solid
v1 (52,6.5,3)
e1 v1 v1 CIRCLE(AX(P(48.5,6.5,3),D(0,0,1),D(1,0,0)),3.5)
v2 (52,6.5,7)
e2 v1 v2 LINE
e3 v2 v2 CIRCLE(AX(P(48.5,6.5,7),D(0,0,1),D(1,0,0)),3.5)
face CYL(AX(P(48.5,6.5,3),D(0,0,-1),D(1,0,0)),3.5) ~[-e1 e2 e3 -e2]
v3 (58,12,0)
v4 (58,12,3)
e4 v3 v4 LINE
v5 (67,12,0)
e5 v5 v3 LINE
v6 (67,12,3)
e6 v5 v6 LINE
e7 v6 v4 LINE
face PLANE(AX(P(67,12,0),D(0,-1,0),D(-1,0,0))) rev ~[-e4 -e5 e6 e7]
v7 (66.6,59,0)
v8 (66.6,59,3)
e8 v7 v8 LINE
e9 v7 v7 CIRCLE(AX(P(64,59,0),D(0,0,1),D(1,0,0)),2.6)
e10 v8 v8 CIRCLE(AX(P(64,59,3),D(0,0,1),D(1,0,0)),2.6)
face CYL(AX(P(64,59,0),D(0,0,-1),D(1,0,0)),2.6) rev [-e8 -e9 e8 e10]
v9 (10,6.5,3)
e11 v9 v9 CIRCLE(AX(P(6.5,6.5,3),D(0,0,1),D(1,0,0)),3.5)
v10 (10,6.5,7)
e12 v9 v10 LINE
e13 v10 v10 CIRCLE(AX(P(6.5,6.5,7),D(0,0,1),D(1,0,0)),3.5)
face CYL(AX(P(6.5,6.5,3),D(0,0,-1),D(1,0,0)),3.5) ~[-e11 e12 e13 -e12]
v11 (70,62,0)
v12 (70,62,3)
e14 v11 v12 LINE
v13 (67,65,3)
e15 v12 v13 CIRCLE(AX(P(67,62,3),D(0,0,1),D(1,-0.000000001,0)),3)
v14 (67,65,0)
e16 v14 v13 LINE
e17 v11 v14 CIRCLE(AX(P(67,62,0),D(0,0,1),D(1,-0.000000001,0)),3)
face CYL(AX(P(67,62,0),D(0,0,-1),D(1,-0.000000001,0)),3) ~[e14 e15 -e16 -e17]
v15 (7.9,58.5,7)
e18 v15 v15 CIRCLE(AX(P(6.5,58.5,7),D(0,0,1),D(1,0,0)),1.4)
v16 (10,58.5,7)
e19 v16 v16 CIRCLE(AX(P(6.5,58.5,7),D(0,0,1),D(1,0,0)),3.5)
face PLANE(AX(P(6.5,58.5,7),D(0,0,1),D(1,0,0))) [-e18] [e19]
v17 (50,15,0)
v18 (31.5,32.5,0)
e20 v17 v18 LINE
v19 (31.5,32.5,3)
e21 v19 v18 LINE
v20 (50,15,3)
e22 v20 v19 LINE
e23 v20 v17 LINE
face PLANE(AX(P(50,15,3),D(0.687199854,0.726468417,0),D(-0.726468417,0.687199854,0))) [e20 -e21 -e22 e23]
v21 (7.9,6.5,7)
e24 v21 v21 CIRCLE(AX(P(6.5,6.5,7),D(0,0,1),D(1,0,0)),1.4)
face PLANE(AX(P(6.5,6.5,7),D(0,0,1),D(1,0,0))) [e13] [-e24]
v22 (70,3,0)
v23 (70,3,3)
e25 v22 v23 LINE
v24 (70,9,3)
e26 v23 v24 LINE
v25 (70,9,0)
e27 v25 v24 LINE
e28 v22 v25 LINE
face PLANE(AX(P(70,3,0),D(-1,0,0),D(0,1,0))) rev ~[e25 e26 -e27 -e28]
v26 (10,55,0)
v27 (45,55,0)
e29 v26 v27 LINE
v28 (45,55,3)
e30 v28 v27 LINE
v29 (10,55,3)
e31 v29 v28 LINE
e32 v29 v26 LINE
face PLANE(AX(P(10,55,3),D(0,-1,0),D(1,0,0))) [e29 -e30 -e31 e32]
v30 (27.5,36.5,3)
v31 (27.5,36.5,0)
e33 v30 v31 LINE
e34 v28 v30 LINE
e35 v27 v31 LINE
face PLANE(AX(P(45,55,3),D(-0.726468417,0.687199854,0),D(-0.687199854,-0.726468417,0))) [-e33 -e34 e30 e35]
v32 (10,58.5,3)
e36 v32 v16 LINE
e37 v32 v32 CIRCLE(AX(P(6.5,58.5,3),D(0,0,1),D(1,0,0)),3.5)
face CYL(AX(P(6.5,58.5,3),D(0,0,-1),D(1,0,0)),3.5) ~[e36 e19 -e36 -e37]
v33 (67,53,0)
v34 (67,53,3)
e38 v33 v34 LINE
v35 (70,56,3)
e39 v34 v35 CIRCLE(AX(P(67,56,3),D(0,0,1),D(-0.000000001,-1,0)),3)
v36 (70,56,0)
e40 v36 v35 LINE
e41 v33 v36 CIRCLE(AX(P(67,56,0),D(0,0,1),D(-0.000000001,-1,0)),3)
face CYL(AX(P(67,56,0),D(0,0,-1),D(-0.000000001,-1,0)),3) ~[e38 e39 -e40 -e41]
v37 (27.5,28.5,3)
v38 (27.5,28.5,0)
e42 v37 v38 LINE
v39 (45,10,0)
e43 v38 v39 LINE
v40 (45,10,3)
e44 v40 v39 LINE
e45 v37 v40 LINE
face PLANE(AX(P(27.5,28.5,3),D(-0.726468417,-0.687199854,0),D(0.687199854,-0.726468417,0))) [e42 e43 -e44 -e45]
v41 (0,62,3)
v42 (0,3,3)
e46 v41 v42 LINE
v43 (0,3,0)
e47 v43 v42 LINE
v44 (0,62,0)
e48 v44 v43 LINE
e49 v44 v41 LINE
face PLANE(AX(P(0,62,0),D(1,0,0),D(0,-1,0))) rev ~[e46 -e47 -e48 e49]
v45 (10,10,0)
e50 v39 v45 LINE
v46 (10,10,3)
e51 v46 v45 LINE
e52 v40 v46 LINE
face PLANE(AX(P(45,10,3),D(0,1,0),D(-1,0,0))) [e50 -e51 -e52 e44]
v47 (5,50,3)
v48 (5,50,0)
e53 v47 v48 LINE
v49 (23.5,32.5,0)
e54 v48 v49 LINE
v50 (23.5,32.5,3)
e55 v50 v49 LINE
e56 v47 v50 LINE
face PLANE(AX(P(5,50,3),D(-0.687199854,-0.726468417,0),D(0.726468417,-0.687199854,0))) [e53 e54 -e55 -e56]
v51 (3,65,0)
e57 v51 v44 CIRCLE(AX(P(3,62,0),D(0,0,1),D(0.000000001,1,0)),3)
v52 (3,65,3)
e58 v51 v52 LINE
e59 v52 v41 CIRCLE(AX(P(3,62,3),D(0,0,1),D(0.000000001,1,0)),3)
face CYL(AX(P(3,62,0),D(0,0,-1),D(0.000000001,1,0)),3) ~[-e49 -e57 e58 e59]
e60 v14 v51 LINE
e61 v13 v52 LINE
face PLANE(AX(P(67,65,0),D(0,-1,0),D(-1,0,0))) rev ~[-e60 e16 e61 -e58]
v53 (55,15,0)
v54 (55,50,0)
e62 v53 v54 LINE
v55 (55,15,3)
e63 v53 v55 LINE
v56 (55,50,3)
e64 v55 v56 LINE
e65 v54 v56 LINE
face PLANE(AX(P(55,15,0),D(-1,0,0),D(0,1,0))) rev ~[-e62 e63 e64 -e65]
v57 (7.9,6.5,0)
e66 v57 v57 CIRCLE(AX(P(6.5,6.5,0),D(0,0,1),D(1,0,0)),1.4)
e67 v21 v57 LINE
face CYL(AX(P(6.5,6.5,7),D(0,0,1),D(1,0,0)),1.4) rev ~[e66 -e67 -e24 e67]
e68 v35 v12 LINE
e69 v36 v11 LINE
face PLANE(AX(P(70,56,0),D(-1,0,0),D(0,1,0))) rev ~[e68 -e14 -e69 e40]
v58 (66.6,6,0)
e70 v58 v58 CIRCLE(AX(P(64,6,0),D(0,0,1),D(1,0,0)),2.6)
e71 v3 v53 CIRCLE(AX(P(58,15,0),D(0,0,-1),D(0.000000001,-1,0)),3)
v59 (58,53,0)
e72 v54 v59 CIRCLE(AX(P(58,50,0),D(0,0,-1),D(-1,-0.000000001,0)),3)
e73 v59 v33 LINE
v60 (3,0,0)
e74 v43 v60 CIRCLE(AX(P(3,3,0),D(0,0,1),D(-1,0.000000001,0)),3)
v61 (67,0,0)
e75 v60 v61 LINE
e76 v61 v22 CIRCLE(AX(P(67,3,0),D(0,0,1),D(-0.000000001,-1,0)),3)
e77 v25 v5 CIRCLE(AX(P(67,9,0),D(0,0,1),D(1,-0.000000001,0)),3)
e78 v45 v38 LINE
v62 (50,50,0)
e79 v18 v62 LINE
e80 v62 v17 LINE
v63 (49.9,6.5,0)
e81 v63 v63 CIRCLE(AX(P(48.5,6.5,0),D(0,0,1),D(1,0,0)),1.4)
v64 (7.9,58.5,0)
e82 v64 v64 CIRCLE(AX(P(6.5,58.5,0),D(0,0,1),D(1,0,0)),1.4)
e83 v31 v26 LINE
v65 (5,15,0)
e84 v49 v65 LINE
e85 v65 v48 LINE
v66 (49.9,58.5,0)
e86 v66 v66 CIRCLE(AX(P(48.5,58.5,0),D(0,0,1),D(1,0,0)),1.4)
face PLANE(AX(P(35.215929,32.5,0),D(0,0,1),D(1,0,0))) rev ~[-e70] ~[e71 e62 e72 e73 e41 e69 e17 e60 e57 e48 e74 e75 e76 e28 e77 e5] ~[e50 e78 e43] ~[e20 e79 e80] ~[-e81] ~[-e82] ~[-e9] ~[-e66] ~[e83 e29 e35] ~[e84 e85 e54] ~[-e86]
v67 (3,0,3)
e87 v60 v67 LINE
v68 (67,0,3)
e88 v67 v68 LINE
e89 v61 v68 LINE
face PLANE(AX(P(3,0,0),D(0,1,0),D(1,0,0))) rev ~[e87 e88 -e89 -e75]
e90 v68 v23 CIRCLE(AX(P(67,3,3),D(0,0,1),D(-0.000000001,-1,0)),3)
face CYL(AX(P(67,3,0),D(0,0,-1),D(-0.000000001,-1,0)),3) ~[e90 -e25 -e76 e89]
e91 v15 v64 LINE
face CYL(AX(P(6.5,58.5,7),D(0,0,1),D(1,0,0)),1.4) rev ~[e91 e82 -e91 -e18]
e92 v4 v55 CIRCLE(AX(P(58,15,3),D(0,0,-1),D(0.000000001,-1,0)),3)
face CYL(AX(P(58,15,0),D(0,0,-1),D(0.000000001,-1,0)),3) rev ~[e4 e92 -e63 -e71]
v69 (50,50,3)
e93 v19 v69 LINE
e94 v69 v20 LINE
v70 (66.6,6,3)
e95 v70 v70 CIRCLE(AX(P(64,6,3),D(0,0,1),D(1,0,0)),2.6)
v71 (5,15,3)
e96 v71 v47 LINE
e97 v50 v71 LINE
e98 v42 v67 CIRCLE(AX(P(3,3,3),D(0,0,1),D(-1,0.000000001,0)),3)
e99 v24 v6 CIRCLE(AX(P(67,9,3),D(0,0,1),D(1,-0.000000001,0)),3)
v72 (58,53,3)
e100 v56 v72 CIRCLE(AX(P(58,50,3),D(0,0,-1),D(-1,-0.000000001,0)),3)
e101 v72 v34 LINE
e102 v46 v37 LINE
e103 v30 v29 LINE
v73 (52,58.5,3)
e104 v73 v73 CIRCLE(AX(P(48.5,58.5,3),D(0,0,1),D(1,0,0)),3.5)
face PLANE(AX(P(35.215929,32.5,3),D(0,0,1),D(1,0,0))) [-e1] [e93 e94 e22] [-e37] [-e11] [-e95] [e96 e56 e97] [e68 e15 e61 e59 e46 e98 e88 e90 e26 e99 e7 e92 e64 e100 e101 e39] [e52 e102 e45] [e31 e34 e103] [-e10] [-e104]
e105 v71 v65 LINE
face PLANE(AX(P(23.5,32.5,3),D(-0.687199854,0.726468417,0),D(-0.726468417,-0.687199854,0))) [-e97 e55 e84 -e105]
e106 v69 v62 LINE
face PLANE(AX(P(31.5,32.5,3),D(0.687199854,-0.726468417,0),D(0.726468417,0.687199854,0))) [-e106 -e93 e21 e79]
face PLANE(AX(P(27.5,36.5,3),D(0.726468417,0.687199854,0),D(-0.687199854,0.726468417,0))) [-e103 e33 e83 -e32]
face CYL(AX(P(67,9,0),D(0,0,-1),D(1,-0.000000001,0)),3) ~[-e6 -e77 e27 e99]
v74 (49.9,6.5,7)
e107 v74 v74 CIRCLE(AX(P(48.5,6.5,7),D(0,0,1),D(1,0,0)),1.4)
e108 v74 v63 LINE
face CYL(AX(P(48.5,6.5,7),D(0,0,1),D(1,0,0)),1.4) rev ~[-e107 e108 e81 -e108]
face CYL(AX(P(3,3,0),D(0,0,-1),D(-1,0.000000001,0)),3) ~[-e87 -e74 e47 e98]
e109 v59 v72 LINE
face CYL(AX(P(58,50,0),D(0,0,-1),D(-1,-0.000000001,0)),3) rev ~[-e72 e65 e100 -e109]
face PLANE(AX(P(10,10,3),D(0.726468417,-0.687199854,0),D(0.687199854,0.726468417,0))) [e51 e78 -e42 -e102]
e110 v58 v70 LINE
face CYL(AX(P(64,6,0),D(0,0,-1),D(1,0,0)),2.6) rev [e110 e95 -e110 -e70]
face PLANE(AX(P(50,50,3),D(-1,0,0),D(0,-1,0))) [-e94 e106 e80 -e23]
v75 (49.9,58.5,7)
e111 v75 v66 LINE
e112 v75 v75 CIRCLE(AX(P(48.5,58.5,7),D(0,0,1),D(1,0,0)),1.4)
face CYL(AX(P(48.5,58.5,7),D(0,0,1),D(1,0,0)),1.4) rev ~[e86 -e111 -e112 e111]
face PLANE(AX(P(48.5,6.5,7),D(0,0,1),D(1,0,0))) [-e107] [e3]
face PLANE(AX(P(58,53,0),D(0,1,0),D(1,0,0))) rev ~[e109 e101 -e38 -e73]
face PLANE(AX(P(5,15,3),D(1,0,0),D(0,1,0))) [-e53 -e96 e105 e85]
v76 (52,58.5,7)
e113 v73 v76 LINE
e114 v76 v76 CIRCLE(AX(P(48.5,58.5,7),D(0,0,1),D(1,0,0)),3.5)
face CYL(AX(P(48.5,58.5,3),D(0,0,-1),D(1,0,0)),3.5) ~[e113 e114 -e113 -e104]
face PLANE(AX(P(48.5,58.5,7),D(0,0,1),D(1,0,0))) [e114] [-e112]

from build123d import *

# Parameters (mm, degrees)
SKETCH1_R           = 2.6
BOSS_EXTRUDE1_DEPTH = 3
SKETCH2_R           = 3.5
BOSS_EXTRUDE2_DEPTH = 4
CUT_EXTRUDE1_DEPTH  = 3
SKETCH4_R           = 1.4
CUT_EXTRUDE2_DEPTH  = 96.781000204


with BuildPart() as part:
    # Sketch1 → Boss-Extrude1 (new body)
    with BuildSketch(Plane.XY):
        with BuildLine():
            ThreePointArc((0, 3), (0.878679656, 0.878679656), (3, 0))
            Line((3, 0), (67, 0))
            ThreePointArc((67, 0), (69.121320344, 0.878679656), (70, 3))
            Line((70, 3), (70, 9))
            ThreePointArc((70, 9), (69.121320344, 11.121320344), (67, 12))
            Line((67, 12), (58, 12))
            ThreePointArc((58, 12), (55.878679656, 12.878679656), (55, 15))
            Line((55, 15), (55, 50))
            ThreePointArc((55, 50), (55.878679656, 52.121320344), (58, 53))
            Line((58, 53), (67, 53))
            ThreePointArc((67, 53), (69.121320344, 53.878679656), (70, 56))
            Line((70, 56), (70, 62))
            ThreePointArc((70, 62), (69.121320344, 64.121320344), (67, 65))
            Line((67, 65), (62, 65))
            Line((62, 65), (3, 65))
            ThreePointArc((3, 65), (0.878679656, 64.121320344), (0, 62))
            Line((0, 62), (0, 3))
        make_face()
        with Locations((64, 6)):
            Circle(SKETCH1_R, mode=Mode.SUBTRACT)
        with Locations((64, 59)):
            Circle(SKETCH1_R, mode=Mode.SUBTRACT)
    extrude(amount=BOSS_EXTRUDE1_DEPTH)

    # Sketch2 → Boss-Extrude2 (add)
    with BuildSketch(Plane.XY.offset(3)):
        with Locations((6.5, 58.5)):
            Circle(SKETCH2_R)
        with Locations((48.5, 58.5)):
            Circle(SKETCH2_R)
        with Locations((6.5, 6.5)):
            Circle(SKETCH2_R)
        with Locations((48.5, 6.5)):
            Circle(SKETCH2_R)
    extrude(amount=BOSS_EXTRUDE2_DEPTH)

    # Sketch3 → Cut-Extrude1 (cut)
    with BuildSketch(Plane.XY.offset(3)):
        Polygon((10, 55), (45, 55), (27.5, 36.5), align=None)
        Polygon((50, 50), (50, 15), (31.5, 32.5), align=None)
        Polygon((45, 10), (10, 10), (27.5, 28.5), align=None)
        Polygon((5, 15), (5, 50), (23.5, 32.5), align=None)
    extrude(amount=-CUT_EXTRUDE1_DEPTH, mode=Mode.SUBTRACT)

    # Sketch4 → Cut-Extrude2 (cut, through all)
    with BuildSketch(Plane.XY.offset(7)):
        with Locations((6.5, 58.5)):
            Circle(SKETCH4_R)
        with Locations((48.5, 6.5)):
            Circle(SKETCH4_R)
        with Locations((6.5, 6.5)):
            Circle(SKETCH4_R)
        with Locations((48.5, 58.5)):
            Circle(SKETCH4_R)
    extrude(amount=-CUT_EXTRUDE2_DEPTH, mode=Mode.SUBTRACT)


solid = part.part
